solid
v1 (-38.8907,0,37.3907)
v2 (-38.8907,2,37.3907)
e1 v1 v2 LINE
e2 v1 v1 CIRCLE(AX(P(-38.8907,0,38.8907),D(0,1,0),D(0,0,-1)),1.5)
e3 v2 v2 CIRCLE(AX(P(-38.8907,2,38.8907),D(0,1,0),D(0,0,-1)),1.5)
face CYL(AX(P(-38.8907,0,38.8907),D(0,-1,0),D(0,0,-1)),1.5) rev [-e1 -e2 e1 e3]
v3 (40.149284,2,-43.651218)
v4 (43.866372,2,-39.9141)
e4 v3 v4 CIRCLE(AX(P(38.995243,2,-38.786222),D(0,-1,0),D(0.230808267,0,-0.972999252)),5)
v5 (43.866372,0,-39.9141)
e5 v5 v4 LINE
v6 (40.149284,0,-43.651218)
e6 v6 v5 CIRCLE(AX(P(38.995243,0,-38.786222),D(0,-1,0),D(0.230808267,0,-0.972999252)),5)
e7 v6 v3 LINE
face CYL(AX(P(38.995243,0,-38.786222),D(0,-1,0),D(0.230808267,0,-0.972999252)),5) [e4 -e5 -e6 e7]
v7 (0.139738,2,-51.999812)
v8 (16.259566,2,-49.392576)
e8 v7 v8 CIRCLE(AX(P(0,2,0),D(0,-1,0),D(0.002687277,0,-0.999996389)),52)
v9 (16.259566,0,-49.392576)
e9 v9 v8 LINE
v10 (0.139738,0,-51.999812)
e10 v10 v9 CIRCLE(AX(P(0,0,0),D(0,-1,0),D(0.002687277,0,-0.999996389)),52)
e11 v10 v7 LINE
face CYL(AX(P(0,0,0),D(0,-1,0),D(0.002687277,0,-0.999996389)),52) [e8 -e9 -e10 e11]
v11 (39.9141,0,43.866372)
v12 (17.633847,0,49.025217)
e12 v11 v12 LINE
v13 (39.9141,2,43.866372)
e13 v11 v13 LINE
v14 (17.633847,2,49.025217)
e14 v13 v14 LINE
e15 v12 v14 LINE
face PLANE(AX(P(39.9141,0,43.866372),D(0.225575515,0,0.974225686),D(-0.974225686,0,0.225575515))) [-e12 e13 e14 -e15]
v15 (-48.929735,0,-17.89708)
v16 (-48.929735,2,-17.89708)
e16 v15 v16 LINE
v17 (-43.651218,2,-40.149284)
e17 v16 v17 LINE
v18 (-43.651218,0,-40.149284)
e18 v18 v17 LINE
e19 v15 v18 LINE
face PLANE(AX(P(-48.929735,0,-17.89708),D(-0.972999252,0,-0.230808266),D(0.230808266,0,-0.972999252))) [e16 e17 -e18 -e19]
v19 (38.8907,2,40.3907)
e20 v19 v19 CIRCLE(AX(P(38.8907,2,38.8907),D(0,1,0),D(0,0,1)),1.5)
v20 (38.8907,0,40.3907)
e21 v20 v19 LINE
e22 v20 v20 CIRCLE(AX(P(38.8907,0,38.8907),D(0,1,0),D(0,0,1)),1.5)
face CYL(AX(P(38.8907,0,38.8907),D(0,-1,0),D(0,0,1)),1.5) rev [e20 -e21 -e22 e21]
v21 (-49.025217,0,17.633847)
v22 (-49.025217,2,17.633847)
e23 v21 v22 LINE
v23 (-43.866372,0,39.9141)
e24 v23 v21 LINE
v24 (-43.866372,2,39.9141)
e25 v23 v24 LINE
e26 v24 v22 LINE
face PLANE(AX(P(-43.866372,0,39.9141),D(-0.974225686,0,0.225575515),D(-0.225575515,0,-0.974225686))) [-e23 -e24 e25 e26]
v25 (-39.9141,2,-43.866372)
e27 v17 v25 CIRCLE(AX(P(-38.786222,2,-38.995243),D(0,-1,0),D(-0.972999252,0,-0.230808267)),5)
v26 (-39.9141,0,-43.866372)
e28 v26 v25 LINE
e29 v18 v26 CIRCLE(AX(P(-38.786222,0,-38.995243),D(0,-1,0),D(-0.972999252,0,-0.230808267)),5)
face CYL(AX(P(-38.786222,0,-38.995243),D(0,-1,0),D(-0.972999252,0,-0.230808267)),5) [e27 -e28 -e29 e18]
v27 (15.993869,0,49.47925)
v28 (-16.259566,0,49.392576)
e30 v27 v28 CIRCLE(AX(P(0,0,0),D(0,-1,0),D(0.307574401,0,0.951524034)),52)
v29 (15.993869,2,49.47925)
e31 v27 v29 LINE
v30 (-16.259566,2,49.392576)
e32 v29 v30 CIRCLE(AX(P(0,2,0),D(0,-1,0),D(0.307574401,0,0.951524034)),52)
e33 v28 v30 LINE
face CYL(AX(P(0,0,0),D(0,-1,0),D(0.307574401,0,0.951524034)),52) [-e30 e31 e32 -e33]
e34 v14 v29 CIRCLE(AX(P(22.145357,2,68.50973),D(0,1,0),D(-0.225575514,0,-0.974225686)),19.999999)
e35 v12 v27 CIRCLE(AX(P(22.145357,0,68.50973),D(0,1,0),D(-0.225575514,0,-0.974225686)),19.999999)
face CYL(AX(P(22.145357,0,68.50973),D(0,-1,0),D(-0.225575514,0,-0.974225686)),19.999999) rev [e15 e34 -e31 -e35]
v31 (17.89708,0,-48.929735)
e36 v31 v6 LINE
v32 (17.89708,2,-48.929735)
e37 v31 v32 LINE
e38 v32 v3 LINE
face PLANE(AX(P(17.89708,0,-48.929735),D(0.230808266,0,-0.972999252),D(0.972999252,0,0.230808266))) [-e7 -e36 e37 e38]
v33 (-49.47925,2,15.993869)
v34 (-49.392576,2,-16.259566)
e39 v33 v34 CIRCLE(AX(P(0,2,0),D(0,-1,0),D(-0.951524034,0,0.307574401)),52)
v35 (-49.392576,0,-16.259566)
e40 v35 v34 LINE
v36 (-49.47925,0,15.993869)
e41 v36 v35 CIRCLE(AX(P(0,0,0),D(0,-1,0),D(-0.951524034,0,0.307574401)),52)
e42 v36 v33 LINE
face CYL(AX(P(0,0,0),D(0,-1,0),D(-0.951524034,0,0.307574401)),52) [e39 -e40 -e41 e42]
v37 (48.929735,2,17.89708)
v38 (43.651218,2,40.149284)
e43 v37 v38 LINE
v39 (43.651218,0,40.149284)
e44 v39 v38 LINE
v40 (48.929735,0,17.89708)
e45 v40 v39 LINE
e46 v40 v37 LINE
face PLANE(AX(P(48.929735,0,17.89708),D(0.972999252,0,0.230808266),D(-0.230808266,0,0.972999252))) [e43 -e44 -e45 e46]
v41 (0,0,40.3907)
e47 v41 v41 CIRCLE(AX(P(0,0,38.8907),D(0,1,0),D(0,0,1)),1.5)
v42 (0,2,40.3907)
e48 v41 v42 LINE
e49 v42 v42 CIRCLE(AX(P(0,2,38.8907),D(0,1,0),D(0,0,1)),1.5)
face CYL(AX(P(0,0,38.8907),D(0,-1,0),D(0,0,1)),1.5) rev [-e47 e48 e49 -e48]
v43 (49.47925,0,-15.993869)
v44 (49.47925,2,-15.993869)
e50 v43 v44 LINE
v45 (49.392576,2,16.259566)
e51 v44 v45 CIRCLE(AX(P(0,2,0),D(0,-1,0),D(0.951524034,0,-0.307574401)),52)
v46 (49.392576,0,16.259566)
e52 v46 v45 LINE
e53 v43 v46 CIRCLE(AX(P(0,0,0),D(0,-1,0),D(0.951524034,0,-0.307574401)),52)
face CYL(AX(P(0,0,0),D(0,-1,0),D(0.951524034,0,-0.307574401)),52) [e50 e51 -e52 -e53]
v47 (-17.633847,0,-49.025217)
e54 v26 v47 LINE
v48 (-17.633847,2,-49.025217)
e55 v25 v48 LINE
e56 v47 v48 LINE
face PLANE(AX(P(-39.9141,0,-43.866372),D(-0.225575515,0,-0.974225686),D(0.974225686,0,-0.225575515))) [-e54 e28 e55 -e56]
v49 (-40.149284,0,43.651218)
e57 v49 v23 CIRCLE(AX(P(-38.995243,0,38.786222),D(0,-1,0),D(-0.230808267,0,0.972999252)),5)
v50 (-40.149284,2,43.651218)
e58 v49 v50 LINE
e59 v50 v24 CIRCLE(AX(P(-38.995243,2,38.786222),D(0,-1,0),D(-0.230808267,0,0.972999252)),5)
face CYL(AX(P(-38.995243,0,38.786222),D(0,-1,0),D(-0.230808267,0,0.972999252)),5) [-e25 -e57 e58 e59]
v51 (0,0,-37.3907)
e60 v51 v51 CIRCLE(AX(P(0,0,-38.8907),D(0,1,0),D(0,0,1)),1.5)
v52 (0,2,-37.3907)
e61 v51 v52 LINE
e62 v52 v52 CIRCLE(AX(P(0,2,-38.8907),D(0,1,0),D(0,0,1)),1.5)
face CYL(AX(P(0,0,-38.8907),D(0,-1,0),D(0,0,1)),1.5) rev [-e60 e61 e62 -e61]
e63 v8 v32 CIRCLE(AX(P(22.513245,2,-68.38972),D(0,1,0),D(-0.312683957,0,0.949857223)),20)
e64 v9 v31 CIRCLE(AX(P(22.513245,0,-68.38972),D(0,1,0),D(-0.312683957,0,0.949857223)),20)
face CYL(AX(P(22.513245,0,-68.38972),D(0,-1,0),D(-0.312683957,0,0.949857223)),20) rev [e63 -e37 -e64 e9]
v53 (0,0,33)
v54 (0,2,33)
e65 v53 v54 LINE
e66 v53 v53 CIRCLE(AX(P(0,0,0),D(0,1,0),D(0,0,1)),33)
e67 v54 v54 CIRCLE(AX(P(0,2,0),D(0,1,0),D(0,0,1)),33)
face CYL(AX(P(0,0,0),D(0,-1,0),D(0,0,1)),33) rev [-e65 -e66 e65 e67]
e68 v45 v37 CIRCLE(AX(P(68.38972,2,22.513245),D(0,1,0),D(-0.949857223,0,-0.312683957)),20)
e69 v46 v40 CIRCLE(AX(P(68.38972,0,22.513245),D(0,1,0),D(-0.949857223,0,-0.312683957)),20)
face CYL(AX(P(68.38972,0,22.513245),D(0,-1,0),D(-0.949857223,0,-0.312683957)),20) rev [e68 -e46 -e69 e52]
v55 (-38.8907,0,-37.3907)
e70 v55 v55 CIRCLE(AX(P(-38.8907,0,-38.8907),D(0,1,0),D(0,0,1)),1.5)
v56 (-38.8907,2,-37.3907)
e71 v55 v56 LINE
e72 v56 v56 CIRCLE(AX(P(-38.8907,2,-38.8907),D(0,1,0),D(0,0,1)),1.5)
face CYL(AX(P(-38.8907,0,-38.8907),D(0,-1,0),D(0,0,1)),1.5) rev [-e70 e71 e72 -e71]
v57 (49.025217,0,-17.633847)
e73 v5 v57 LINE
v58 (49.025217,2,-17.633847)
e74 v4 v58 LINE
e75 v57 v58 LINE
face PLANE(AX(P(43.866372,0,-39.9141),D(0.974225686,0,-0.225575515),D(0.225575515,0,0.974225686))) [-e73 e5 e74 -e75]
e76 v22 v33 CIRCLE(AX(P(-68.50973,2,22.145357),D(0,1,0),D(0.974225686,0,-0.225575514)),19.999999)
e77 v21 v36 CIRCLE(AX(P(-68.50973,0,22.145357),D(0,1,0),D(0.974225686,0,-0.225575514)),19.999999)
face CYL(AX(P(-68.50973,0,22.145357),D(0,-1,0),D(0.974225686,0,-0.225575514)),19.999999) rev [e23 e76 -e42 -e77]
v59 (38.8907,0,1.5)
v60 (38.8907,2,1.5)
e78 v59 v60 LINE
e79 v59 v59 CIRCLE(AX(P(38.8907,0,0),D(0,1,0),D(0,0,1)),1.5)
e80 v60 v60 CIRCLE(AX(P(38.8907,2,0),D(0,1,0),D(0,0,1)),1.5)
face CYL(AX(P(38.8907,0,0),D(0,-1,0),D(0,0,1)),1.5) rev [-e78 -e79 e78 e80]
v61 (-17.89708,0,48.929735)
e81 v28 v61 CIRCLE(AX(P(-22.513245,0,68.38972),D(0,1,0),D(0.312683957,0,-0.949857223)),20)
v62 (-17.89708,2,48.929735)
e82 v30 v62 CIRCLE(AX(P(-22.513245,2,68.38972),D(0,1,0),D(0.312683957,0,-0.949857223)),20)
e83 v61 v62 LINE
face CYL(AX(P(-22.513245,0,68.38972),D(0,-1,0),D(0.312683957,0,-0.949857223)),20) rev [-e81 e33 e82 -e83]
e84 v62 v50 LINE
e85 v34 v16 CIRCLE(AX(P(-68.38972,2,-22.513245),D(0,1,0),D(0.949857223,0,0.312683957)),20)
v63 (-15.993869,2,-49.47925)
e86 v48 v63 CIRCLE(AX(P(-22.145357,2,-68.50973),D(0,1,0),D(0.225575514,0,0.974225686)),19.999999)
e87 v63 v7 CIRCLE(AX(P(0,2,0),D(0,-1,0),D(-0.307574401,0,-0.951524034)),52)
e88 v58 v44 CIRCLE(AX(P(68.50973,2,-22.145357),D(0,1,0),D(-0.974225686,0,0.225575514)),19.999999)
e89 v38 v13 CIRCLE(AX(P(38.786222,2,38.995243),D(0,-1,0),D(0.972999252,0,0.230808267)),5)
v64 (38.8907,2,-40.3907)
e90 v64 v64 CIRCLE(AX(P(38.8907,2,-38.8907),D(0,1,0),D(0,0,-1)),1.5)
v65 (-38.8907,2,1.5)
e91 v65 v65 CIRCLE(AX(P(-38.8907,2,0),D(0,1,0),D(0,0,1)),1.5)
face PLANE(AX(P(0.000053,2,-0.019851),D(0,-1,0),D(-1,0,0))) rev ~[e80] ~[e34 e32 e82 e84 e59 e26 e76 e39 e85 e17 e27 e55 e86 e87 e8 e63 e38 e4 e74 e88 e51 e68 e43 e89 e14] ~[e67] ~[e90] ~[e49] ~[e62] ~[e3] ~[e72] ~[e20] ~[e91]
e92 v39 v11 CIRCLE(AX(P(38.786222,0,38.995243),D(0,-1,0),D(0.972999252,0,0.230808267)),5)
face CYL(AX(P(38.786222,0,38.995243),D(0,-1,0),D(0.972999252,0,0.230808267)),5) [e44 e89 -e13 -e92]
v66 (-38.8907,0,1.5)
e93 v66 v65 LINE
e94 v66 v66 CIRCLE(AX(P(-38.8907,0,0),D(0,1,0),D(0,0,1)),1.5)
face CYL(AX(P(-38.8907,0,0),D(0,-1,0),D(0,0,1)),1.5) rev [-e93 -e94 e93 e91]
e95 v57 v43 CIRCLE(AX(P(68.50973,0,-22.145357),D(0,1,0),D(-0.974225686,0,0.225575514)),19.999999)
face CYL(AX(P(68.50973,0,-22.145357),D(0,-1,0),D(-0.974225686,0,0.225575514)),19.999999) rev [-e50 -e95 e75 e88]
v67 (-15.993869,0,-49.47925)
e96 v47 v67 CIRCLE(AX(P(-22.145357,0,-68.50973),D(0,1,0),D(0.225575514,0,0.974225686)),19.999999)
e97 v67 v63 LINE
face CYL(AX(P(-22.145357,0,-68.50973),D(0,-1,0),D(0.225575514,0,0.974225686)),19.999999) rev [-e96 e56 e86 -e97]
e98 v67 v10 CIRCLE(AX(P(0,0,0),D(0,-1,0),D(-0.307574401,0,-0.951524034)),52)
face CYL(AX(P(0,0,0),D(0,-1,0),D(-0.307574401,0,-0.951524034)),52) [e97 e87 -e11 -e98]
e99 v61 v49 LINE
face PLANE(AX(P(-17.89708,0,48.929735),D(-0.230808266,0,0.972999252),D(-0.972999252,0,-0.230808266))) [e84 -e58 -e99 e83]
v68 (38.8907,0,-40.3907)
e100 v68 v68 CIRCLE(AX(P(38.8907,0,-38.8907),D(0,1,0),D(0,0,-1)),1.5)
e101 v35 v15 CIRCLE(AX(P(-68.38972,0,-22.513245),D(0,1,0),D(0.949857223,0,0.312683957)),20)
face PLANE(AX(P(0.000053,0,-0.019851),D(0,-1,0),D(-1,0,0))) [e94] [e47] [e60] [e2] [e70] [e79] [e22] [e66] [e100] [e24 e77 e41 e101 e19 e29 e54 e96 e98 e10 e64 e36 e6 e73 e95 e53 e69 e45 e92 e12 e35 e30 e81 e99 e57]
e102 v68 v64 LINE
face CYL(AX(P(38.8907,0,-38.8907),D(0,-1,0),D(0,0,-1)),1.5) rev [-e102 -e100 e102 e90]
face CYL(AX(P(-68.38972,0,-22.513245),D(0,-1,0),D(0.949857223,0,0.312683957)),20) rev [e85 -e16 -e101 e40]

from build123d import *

# Parameters (mm, degrees)
SKETCH2_R           = 1.5
SKETCH2_R_2         = 33
BOSS_EXTRUDE1_DEPTH = 2


with BuildPart() as part:
    # Sketch2 → Boss-Extrude1 (new body)
    with BuildSketch(Plane(origin=(0, 0, 0), x_dir=(1, 0, 0), z_dir=(0, 1, 0))):
        with BuildLine():
            Line((17.897079586, 48.929734976), (40.149284407, 43.651218265))
            ThreePointArc((40.149284407, 43.651218265), (42.540265174, 42.312242187), (43.866371506, 39.91409958))
            Line((43.866371506, 39.91409958), (49.02521675, 17.633846579))
            ThreePointArc((49.02521675, 17.633846579), (49.23478351, 16.809026698), (49.479249782, 15.993868858))
            ThreePointArc((49.479249782, 15.993868858), (51.999812242, -0.139738387), (49.392575566, -16.259565766))
            ThreePointArc((49.392575566, -16.259565766), (49.143731732, -17.073397941), (48.929734976, -17.897079586))
            Line((48.929734976, -17.897079586), (43.651218265, -40.149284407))
            ThreePointArc((43.651218265, -40.149284407), (42.312242187, -42.540265174), (39.91409958, -43.866371506))
            Line((39.91409958, -43.866371506), (17.633846579, -49.02521675))
            ThreePointArc((17.633846579, -49.02521675), (16.809026698, -49.23478351), (15.993868858, -49.479249782))
            ThreePointArc((15.993868858, -49.479249782), (-0.139738387, -51.999812242), (-16.259565766, -49.392575566))
            ThreePointArc((-16.259565766, -49.392575566), (-17.073397941, -49.143731732), (-17.897079586, -48.929734976))
            Line((-17.897079586, -48.929734976), (-40.149284407, -43.651218265))
            ThreePointArc((-40.149284407, -43.651218265), (-42.540265174, -42.312242187), (-43.866371506, -39.91409958))
            Line((-43.866371506, -39.91409958), (-49.02521675, -17.633846579))
            ThreePointArc((-49.02521675, -17.633846579), (-49.23478351, -16.809026698), (-49.479249782, -15.993868858))
            ThreePointArc((-49.479249782, -15.993868858), (-51.999812242, 0.139738387), (-49.392575566, 16.259565766))
            ThreePointArc((-49.392575566, 16.259565766), (-49.143731732, 17.073397941), (-48.929734976, 17.897079586))
            Line((-48.929734976, 17.897079586), (-43.651218265, 40.149284407))
            ThreePointArc((-43.651218265, 40.149284407), (-42.312242187, 42.540265174), (-39.91409958, 43.866371506))
            Line((-39.91409958, 43.866371506), (-17.633846579, 49.02521675))
            ThreePointArc((-17.633846579, 49.02521675), (-16.809026698, 49.23478351), (-15.993868858, 49.479249782))
            ThreePointArc((-15.993868858, 49.479249782), (-8.026622704, 51.3767781), (0.139738387, 51.999812242))
            ThreePointArc((0.139738387, 51.999812242), (8.302633013, 51.332896714), (16.259565766, 49.392575566))
            ThreePointArc((16.259565766, 49.392575566), (17.073397941, 49.143731732), (17.897079586, 48.929734976))
        make_face()
        with Locations(Location((-38.8907, 38.8907, 0), (0, 0, 270))):
            Circle(SKETCH2_R, mode=Mode.SUBTRACT)
        with Locations(Location((38.8907, 38.8907, 0), (0, 0, 90))):
            Circle(SKETCH2_R, mode=Mode.SUBTRACT)
        with Locations(Location((38.8907, -38.8907, 0), (0, 0, 270))):
            Circle(SKETCH2_R, mode=Mode.SUBTRACT)
        with Locations(Location((-38.8907, -38.8907, 0), (0, 0, 90))):
            Circle(SKETCH2_R, mode=Mode.SUBTRACT)
        with Locations(Location((0, 0, 0), (0, 0, 270))):
            Circle(SKETCH2_R_2, mode=Mode.SUBTRACT)
        with Locations(Location((0, 38.8907, 0), (0, 0, 270))):
            Circle(SKETCH2_R, mode=Mode.SUBTRACT)
        with Locations(Location((38.8907, 0, 0), (0, 0, 270))):
            Circle(SKETCH2_R, mode=Mode.SUBTRACT)
        with Locations(Location((0, -38.8907, 0), (0, 0, 270))):
            Circle(SKETCH2_R, mode=Mode.SUBTRACT)
        with Locations(Location((-38.8907, 0, 0), (0, 0, 270))):
            Circle(SKETCH2_R, mode=Mode.SUBTRACT)
    extrude(amount=BOSS_EXTRUDE1_DEPTH)


solid = part.part
